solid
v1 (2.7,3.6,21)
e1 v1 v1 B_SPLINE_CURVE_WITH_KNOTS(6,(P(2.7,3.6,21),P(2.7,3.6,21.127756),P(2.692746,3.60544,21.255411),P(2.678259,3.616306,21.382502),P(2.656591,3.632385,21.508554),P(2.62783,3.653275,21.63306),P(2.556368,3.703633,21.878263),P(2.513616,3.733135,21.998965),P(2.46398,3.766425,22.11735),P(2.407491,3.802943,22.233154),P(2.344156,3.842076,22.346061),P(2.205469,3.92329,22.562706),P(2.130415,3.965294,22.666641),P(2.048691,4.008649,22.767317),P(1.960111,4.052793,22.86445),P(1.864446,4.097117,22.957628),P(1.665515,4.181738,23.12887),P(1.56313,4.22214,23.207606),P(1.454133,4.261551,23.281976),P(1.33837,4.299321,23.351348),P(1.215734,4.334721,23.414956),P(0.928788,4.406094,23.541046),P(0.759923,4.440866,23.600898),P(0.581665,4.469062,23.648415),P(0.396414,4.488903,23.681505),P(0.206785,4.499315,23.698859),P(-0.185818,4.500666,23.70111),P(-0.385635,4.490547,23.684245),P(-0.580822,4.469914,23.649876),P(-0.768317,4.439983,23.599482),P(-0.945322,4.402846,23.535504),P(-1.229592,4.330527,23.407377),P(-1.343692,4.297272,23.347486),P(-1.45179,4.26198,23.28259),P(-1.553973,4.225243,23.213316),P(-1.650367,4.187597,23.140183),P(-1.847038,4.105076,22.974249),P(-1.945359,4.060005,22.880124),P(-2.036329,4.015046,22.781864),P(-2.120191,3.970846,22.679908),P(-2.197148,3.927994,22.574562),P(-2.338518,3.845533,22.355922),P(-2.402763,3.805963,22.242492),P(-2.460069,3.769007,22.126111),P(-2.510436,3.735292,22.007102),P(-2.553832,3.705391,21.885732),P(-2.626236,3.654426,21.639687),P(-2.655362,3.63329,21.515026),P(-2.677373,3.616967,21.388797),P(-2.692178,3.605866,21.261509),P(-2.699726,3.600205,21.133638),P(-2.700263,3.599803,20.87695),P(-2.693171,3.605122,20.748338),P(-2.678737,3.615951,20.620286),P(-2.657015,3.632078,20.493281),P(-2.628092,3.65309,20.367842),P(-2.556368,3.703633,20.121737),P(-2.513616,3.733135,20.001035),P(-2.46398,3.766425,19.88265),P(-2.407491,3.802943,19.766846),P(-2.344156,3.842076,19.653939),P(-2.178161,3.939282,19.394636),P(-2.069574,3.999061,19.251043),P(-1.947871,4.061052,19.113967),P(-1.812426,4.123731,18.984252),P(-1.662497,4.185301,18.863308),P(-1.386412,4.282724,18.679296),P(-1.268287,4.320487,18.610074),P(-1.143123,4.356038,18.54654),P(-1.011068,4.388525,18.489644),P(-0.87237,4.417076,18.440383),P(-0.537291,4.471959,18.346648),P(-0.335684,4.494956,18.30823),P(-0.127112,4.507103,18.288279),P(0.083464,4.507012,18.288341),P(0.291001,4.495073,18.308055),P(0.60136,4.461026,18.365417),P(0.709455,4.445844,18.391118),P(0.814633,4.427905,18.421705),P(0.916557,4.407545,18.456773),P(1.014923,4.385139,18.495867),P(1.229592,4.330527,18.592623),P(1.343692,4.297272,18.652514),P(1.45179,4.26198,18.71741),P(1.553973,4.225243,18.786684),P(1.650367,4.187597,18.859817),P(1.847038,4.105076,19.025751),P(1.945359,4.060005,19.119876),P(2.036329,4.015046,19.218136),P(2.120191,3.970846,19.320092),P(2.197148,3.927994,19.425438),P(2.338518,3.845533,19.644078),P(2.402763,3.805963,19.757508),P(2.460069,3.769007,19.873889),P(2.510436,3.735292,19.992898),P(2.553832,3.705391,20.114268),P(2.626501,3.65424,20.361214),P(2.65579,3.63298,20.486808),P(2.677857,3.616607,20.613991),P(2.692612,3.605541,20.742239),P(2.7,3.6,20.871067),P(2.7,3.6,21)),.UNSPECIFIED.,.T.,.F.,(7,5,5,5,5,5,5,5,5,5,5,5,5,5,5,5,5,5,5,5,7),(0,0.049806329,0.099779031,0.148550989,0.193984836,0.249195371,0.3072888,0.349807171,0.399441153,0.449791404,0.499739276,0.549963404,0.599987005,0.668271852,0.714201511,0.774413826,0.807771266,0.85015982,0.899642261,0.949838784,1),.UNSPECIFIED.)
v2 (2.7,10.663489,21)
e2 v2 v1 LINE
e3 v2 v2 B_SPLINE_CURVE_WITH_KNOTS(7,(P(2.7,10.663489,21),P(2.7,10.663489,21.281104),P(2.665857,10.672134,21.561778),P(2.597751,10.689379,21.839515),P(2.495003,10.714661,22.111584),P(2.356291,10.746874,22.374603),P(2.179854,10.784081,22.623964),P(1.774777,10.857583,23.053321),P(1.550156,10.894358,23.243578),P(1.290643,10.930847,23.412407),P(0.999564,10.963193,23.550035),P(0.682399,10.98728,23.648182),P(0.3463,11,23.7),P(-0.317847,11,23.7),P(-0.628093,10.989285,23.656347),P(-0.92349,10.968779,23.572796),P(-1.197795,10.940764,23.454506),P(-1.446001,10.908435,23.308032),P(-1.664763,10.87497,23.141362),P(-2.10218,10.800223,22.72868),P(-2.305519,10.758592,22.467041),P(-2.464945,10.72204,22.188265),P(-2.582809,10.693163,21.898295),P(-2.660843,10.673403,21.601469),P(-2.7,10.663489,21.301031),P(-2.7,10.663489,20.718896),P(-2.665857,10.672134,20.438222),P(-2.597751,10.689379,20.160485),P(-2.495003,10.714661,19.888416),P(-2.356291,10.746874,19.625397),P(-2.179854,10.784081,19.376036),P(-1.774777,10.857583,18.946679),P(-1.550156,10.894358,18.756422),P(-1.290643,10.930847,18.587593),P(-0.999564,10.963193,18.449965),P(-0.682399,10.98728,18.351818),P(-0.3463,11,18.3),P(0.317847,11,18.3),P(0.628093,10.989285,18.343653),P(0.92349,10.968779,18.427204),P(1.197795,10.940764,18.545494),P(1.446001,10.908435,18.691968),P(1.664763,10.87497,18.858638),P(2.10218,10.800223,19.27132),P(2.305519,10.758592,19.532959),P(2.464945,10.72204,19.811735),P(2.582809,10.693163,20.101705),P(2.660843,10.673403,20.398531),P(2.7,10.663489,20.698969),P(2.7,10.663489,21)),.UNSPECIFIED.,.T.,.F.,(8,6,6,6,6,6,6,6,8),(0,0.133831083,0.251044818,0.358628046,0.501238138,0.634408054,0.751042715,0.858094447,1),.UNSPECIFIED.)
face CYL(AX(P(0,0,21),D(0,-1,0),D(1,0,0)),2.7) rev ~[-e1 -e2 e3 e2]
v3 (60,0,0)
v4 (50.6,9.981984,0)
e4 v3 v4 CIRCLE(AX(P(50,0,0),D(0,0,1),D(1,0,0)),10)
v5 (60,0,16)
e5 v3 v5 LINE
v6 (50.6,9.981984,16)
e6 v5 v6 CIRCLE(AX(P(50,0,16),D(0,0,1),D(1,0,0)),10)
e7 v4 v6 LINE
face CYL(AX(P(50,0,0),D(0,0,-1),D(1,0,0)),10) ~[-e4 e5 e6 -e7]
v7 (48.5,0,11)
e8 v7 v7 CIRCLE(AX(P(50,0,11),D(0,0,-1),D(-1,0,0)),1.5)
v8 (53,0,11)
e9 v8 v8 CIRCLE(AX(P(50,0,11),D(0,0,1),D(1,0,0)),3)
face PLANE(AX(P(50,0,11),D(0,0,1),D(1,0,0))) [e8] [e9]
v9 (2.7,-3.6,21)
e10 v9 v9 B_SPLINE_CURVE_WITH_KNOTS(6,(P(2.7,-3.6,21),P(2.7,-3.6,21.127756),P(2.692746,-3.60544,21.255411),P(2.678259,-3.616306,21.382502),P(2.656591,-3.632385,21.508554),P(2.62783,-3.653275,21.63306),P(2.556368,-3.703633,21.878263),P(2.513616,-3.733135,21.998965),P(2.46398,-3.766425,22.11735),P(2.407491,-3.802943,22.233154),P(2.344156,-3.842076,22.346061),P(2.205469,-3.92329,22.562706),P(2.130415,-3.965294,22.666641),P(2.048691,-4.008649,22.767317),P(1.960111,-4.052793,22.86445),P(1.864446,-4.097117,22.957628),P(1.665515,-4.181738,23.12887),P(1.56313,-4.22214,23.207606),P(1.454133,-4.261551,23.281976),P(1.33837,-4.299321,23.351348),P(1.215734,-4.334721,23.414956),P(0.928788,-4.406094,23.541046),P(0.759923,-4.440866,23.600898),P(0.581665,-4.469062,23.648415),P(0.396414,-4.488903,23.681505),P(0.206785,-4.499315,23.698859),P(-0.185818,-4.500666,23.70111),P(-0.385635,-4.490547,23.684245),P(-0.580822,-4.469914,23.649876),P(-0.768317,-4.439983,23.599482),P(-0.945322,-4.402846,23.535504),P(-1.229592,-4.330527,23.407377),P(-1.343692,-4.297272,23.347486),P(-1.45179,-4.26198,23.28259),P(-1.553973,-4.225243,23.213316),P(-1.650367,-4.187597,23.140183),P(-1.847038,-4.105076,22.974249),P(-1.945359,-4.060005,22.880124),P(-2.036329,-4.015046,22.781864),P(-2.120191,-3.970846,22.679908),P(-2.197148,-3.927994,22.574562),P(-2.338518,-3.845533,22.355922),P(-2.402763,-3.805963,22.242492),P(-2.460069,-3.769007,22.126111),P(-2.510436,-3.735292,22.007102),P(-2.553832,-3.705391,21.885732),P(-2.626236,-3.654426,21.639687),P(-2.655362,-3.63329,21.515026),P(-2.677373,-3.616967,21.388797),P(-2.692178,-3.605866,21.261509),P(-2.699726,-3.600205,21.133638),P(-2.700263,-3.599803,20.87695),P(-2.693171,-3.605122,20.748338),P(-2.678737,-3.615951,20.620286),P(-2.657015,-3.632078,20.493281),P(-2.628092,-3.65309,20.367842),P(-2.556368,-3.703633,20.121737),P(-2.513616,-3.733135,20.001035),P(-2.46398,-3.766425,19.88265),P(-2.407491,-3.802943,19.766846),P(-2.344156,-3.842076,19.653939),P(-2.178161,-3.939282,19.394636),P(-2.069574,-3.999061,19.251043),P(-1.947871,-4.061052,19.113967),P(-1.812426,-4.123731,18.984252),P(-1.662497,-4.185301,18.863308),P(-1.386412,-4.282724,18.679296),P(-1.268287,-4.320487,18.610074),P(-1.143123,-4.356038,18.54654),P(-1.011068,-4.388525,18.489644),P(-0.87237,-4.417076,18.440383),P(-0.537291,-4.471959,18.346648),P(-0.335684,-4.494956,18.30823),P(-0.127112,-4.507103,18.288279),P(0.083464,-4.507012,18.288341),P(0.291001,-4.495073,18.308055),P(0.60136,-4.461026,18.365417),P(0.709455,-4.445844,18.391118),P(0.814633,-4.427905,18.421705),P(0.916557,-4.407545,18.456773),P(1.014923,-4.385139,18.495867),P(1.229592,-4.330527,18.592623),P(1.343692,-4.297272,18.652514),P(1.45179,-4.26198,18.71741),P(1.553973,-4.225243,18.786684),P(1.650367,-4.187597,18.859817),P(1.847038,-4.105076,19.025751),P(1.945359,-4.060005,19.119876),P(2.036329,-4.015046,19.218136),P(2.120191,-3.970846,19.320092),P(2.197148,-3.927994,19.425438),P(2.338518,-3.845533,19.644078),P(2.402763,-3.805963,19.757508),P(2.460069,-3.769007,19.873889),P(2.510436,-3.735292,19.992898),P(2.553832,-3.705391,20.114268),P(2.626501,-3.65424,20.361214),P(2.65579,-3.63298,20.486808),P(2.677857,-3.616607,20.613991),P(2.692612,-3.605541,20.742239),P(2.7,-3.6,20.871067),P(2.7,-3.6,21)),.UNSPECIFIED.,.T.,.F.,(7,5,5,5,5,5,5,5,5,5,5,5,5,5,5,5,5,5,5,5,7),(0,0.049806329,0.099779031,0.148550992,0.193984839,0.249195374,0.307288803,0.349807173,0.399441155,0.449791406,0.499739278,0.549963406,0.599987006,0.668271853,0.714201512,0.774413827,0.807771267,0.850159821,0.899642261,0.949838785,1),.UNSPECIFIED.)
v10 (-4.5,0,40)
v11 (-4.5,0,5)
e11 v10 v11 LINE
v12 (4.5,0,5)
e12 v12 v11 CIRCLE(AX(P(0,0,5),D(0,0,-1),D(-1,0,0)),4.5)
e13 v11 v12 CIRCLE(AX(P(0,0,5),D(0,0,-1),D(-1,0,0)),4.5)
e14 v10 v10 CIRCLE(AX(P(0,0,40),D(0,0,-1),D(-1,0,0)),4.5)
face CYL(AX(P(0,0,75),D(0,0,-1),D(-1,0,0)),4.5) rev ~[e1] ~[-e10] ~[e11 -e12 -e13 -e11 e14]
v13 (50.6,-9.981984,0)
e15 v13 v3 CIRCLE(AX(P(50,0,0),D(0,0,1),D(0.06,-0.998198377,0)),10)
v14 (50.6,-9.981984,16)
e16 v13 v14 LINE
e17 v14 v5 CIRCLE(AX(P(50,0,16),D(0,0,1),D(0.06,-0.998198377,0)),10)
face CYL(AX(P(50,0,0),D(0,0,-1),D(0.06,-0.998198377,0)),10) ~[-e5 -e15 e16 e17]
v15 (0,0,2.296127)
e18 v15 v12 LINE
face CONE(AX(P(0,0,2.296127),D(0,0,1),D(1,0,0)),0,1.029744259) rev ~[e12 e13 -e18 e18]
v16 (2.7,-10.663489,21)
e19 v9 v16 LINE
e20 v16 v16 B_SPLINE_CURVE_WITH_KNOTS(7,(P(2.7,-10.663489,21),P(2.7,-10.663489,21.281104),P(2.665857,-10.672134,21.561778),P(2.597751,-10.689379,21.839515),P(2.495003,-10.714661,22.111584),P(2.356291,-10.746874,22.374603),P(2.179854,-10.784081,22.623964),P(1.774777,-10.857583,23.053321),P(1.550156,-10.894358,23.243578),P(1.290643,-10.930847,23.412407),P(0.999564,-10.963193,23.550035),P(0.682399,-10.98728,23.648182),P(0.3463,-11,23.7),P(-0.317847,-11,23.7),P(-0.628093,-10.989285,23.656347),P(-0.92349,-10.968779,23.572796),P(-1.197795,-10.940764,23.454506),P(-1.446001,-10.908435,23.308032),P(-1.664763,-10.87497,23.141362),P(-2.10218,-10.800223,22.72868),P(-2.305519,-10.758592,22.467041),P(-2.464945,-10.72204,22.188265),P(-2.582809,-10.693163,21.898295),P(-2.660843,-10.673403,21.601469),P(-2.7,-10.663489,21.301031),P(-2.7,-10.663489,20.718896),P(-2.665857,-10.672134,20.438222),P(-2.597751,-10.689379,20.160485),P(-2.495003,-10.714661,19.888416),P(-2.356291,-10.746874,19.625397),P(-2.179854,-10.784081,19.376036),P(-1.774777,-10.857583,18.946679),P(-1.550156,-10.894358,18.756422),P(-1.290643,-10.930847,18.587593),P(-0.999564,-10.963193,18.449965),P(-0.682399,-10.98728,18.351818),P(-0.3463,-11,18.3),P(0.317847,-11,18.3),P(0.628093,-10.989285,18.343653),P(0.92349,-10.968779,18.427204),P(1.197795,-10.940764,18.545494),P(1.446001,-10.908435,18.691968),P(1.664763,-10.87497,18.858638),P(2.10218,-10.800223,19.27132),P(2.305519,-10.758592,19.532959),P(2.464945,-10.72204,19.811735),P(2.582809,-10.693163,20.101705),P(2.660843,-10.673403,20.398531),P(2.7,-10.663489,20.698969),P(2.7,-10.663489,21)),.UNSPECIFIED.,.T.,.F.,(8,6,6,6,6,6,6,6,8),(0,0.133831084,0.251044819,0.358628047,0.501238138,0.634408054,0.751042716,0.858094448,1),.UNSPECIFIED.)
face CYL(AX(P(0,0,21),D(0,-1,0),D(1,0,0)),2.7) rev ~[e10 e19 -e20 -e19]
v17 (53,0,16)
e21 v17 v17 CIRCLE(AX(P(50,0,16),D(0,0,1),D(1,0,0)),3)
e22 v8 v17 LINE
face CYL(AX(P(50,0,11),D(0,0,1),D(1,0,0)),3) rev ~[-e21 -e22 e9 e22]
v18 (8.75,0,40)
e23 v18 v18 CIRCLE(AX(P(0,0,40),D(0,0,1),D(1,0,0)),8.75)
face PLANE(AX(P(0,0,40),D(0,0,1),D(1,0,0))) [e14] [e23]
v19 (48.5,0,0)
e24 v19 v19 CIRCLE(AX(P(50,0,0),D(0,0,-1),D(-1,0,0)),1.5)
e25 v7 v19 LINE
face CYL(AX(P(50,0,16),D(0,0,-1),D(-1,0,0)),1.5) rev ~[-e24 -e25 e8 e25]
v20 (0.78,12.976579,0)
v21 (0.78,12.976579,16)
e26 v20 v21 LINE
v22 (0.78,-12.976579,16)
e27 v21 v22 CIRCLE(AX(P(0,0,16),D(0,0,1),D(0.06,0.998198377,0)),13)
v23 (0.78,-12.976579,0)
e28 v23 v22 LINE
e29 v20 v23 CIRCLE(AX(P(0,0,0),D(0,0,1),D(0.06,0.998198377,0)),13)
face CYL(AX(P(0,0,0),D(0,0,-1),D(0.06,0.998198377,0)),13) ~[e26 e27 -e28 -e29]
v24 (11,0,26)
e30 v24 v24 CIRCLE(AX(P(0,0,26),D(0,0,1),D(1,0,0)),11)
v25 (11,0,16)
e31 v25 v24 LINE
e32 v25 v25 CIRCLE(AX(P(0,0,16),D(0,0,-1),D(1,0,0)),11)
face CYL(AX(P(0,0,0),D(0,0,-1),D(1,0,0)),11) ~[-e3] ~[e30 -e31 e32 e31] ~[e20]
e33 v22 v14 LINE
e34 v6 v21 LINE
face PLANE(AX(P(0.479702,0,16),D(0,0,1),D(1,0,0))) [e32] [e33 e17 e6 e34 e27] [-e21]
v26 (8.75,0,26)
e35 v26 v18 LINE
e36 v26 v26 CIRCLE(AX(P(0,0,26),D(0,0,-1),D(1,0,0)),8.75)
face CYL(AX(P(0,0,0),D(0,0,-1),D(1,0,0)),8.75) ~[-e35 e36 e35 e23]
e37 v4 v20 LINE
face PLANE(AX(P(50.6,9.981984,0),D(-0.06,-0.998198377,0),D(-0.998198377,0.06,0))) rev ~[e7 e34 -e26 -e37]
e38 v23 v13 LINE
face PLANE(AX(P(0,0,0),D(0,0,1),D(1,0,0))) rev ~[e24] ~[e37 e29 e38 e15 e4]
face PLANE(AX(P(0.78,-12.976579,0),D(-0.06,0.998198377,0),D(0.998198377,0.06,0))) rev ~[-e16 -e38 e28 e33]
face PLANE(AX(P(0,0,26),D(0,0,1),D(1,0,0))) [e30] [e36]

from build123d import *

# Parameters (mm, degrees)
F1_DEPTH        = 16
F2_R            = 11
F3_DEPTH        = 26
F4_R            = 8.75
F5_DEPTH        = 40
F7_D            = 9
F7_DEPTH        = 35
F7_TIP          = 2.7038727856
F8_R            = 2.7
F9_DEPTH        = 12.5
F11_D           = 3
F11_CBORE_D     = 6
F11_CBORE_DEPTH = 5


with BuildPart() as f1:
    # F0 (on Top) → F1 (new body)
    with BuildSketch(Plane.XY):
        with BuildLine():
            ThreePointArc((0.78, -12.976578902), (9.4641428561, -8.9123509805), (13, 0))
            ThreePointArc((13, 0), (9.4641428561, 8.9123509805), (0.78, 12.976578902))
            ThreePointArc((0.78, 12.976578902), (-13, 0), (0.78, -12.976578902))
        make_face()
        with BuildLine():
            ThreePointArc((0.78, 12.976578902), (9.4641428561, 8.9123509805), (13, 0))
            ThreePointArc((13, 0), (9.4641428561, -8.9123509805), (0.78, -12.976578902))
            Line((0.78, -12.976578902), (50.6, -9.9819837708))
            ThreePointArc((50.6, -9.9819837708), (40, 0), (50.6, 9.9819837708))
            Line((50.6, 9.9819837708), (0.78, 12.976578902))
        make_face()
        with BuildLine():
            ThreePointArc((60, 0), (57.2801098893, 6.8556546004), (50.6, 9.9819837708))
            ThreePointArc((50.6, 9.9819837708), (40, 0), (50.6, -9.9819837708))
            ThreePointArc((50.6, -9.9819837708), (57.2801098893, -6.8556546004), (60, 0))
        make_face()
    extrude(amount=F1_DEPTH)

    # F2 (on Top) → F3 (join)
    with BuildSketch(Plane.XY):
        Circle(F2_R)
    extrude(amount=F3_DEPTH)

    # F4 (on Top) → F5 (join)
    with BuildSketch(Plane.XY):
        Circle(F4_R)
    extrude(amount=F5_DEPTH)

    # F7
    with Locations(Plane.XY.offset(40)):
        with Locations((0, 0)):
            Hole(F7_D / 2, depth=F7_DEPTH)
            with Locations((0, 0, -(F7_DEPTH + F7_TIP / 2))):  # 118° drill point
                Cone(0, F7_D / 2, F7_TIP, mode=Mode.SUBTRACT)

    # F8 (on Front) → F9 (cut, symmetric)
    with BuildSketch(Plane.XZ):
        with Locations((0, 21)):
            Circle(F8_R)
    extrude(amount=F9_DEPTH, both=True, mode=Mode.SUBTRACT)

    # F11 (through all)
    with Locations(Plane.XY.offset(16)):
        with Locations((50, 0)):
            CounterBoreHole(F11_D / 2, F11_CBORE_D / 2, F11_CBORE_DEPTH)


solid = f1.part
